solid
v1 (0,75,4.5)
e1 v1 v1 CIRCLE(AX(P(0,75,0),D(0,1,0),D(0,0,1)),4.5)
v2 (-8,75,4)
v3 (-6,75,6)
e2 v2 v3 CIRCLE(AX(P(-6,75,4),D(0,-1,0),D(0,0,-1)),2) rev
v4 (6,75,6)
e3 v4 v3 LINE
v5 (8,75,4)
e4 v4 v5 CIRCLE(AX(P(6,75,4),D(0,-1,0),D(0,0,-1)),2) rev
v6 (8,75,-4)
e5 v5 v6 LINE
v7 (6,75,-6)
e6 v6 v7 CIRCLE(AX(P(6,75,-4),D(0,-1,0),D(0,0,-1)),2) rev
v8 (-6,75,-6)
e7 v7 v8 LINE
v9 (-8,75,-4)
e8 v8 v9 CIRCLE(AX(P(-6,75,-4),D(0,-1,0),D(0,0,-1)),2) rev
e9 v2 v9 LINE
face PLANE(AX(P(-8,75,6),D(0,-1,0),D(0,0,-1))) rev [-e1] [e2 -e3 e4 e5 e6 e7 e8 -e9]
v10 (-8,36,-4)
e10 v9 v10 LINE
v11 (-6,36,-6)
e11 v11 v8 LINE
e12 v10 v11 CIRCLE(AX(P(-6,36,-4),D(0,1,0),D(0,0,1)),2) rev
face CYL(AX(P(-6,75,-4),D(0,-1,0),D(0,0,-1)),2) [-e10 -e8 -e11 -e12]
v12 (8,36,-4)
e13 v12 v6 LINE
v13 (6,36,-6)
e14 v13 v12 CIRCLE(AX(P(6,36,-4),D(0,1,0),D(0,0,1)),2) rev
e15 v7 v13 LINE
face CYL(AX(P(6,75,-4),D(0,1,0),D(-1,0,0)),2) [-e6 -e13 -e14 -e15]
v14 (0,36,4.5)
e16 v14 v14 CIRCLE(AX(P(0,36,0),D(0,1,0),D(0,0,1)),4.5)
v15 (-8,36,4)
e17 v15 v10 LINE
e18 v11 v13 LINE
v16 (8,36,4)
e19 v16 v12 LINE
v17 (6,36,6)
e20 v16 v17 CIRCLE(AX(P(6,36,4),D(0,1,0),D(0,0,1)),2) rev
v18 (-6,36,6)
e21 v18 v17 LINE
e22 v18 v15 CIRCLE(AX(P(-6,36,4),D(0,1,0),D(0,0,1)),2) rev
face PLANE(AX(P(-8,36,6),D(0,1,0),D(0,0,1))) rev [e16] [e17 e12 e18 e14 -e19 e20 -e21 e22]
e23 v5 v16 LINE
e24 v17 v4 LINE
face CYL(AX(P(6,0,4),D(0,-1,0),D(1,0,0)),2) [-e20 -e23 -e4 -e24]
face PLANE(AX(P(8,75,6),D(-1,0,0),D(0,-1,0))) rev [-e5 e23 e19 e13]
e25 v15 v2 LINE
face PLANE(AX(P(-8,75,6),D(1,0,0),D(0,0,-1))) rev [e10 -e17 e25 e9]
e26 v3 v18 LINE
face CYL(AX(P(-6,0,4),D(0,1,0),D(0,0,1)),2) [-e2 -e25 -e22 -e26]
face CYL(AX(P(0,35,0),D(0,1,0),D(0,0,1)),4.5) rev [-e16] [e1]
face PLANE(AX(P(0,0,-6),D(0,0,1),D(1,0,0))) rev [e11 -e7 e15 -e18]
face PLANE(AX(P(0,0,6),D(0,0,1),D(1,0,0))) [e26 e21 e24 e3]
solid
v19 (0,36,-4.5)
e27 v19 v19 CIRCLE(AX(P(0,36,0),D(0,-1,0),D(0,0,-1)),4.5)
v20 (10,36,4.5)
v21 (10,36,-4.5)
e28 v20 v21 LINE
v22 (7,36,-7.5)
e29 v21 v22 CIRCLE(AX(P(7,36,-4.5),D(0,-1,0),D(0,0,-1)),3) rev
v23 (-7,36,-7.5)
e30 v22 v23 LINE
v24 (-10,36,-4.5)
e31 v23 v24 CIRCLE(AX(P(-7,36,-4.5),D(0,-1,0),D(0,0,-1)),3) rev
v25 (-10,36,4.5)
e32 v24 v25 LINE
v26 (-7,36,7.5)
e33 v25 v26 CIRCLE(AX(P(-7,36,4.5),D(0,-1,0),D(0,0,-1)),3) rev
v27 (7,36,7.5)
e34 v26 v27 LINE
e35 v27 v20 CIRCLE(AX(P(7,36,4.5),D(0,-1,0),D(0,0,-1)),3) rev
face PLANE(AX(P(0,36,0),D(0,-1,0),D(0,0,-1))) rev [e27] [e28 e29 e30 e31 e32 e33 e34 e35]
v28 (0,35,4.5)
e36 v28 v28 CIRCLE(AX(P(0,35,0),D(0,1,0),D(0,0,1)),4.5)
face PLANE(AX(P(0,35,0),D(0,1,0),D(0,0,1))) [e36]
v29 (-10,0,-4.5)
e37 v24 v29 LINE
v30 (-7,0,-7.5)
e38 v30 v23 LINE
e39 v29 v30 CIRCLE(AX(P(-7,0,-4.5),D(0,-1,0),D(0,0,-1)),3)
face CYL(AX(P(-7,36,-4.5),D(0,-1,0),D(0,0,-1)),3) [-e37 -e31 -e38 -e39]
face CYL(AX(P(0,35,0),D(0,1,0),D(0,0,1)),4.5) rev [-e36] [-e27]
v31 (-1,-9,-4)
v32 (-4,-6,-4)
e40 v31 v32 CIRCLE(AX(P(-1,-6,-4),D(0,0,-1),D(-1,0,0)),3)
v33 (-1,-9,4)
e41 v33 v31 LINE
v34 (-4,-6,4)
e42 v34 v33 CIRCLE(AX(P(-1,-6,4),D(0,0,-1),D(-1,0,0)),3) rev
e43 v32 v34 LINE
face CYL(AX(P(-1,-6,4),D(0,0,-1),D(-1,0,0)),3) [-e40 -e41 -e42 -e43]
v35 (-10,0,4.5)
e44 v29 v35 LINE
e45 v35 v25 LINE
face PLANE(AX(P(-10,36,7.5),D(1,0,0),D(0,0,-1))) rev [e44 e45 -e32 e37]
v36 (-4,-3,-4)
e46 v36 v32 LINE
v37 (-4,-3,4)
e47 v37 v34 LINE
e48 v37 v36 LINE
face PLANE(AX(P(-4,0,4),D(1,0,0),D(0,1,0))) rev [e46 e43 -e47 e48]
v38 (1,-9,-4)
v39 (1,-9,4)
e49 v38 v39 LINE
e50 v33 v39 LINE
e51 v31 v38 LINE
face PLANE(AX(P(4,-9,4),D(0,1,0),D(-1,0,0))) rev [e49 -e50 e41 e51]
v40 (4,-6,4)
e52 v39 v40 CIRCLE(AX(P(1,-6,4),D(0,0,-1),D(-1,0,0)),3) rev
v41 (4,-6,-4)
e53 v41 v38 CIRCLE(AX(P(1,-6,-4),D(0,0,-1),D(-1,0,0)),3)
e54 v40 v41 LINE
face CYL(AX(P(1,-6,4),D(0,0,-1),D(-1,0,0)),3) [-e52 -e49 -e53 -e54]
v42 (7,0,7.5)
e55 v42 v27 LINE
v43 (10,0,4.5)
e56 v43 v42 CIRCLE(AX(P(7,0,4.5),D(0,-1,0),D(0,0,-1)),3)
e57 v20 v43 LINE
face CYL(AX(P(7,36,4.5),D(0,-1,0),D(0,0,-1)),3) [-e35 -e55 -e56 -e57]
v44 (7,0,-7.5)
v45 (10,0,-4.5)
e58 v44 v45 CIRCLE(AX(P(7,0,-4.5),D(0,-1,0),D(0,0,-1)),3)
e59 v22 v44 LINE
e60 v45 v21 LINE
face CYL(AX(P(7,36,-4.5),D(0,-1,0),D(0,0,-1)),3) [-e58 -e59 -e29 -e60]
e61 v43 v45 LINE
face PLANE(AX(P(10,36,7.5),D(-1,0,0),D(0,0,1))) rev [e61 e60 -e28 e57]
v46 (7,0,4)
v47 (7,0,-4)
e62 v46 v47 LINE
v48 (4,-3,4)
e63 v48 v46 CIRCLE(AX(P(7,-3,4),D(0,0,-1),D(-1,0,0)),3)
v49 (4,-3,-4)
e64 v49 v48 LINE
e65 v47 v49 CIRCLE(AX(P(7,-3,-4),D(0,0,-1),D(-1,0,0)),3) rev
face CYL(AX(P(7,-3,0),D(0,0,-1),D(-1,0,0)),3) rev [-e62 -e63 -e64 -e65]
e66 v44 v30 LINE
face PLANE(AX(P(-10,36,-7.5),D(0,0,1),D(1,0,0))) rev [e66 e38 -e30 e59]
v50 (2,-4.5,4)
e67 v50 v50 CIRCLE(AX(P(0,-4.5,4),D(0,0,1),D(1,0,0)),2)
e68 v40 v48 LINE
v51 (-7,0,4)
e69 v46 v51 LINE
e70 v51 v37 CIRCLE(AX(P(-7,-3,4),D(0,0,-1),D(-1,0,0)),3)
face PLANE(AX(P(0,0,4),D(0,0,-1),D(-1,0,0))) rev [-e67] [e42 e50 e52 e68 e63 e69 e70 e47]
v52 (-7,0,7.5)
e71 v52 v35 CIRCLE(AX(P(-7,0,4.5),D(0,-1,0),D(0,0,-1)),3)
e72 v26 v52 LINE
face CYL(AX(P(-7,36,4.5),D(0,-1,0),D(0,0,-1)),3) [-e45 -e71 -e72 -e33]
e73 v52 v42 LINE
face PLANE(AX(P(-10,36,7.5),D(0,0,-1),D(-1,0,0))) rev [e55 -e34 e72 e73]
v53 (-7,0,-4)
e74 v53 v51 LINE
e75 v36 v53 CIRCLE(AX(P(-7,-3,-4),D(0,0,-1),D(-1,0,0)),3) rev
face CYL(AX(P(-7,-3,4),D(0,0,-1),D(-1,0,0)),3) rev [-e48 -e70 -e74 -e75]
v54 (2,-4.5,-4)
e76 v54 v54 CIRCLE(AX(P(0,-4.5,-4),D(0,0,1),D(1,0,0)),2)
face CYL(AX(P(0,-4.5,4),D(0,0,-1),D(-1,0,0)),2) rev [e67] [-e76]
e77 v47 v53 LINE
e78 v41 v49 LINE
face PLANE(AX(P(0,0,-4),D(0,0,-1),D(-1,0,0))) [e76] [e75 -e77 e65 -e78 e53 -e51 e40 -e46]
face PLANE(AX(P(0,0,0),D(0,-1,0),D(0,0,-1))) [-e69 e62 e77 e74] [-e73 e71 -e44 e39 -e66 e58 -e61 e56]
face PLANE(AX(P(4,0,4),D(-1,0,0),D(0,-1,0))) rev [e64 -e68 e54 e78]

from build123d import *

# Parameters (mm, degrees)
SKETCH_1_W          = 20
SKETCH_1_H          = 15
EXTRUDE_1_DEPTH     = 36
SKETCH_2_W          = 8
SKETCH_2_H          = 9
SKETCH_2_R          = 2
EXTRUDE_2_DEPTH     = 4
FILLET_1_R          = 3
SKETCH_3_W          = 16
SKETCH_3_H          = 39
EXTRUDE_3_DEPTH     = 6
SKETCH_4_R          = 4.5
CUT_EXTRUDE_1_DEPTH = 40
FILLET_2_R          = 3
FILLET_3_R          = 2


with BuildPart() as part:
    # 草图1 → 凸台-拉伸1 (new body)
    with BuildSketch(Plane(origin=(0, 0, 0), x_dir=(1, 0, 0), z_dir=(0, 1, 0))):
        Rectangle(SKETCH_1_W, SKETCH_1_H)
    extrude(amount=EXTRUDE_1_DEPTH)

    # 草图2 → 凸台-拉伸2 (add, symmetric)
    with BuildSketch(Plane.XY):
        with Locations((0, -4.5)):
            Rectangle(SKETCH_2_W, SKETCH_2_H)
        with Locations((0, -4.5)):
            Circle(SKETCH_2_R, mode=Mode.SUBTRACT)
    extrude(amount=EXTRUDE_2_DEPTH, both=True)

    # 圆角1
    fillet_1_edges = [part.edges().sort_by_distance(p)[0] for p in [
        (4, 0, 0),
        (-4, 0, 0),
        (-4, -9, 0),
        (4, -9, 0),
    ]]
    fillet(fillet_1_edges, radius=FILLET_1_R)


with BuildPart() as body_2:
    # 草图3 → 凸台-拉伸3 (new, symmetric)
    with BuildSketch(Plane.XY):
        with Locations((0, 55.5)):
            Rectangle(SKETCH_3_W, SKETCH_3_H)
    extrude(amount=EXTRUDE_3_DEPTH, both=True)


with BuildPart() as cut_extrude_1_tool:
    # 草图4 → 切除-拉伸1 (new body)
    with BuildSketch(Plane(origin=(0, 75, 0), x_dir=(1, 0, 0), z_dir=(0, 1, 0))):
        with Locations(Location((0, 0, 0), (0, 0, 270))):
            Circle(SKETCH_4_R)
    extrude(amount=-CUT_EXTRUDE_1_DEPTH)


with BuildPart() as part_1:
    add(part.part)

    # 切除-拉伸1: cut by cut_extrude_1_tool
    add(cut_extrude_1_tool.part, mode=Mode.SUBTRACT)

    # 圆角2
    fillet_2_edges = [part_1.edges().sort_by_distance(p)[0] for p in [
        (10, 18, 7.5),
        (-10, 18, 7.5),
        (-10, 18, -7.5),
        (10, 18, -7.5),
    ]]
    fillet(fillet_2_edges, radius=FILLET_2_R)


with BuildPart() as body_2_1:
    add(body_2.part)

    # 切除-拉伸1: cut by cut_extrude_1_tool
    add(cut_extrude_1_tool.part, mode=Mode.SUBTRACT)

    # 圆角3
    fillet_3_edges = [body_2_1.edges().sort_by_distance(p)[0] for p in [
        (-8, 55.5, 6),
        (8, 55.5, 6),
        (-8, 55.5, -6),
        (8, 55.5, -6),
    ]]
    fillet(fillet_3_edges, radius=FILLET_3_R)


solid = Compound([part_1.part, body_2_1.part])
